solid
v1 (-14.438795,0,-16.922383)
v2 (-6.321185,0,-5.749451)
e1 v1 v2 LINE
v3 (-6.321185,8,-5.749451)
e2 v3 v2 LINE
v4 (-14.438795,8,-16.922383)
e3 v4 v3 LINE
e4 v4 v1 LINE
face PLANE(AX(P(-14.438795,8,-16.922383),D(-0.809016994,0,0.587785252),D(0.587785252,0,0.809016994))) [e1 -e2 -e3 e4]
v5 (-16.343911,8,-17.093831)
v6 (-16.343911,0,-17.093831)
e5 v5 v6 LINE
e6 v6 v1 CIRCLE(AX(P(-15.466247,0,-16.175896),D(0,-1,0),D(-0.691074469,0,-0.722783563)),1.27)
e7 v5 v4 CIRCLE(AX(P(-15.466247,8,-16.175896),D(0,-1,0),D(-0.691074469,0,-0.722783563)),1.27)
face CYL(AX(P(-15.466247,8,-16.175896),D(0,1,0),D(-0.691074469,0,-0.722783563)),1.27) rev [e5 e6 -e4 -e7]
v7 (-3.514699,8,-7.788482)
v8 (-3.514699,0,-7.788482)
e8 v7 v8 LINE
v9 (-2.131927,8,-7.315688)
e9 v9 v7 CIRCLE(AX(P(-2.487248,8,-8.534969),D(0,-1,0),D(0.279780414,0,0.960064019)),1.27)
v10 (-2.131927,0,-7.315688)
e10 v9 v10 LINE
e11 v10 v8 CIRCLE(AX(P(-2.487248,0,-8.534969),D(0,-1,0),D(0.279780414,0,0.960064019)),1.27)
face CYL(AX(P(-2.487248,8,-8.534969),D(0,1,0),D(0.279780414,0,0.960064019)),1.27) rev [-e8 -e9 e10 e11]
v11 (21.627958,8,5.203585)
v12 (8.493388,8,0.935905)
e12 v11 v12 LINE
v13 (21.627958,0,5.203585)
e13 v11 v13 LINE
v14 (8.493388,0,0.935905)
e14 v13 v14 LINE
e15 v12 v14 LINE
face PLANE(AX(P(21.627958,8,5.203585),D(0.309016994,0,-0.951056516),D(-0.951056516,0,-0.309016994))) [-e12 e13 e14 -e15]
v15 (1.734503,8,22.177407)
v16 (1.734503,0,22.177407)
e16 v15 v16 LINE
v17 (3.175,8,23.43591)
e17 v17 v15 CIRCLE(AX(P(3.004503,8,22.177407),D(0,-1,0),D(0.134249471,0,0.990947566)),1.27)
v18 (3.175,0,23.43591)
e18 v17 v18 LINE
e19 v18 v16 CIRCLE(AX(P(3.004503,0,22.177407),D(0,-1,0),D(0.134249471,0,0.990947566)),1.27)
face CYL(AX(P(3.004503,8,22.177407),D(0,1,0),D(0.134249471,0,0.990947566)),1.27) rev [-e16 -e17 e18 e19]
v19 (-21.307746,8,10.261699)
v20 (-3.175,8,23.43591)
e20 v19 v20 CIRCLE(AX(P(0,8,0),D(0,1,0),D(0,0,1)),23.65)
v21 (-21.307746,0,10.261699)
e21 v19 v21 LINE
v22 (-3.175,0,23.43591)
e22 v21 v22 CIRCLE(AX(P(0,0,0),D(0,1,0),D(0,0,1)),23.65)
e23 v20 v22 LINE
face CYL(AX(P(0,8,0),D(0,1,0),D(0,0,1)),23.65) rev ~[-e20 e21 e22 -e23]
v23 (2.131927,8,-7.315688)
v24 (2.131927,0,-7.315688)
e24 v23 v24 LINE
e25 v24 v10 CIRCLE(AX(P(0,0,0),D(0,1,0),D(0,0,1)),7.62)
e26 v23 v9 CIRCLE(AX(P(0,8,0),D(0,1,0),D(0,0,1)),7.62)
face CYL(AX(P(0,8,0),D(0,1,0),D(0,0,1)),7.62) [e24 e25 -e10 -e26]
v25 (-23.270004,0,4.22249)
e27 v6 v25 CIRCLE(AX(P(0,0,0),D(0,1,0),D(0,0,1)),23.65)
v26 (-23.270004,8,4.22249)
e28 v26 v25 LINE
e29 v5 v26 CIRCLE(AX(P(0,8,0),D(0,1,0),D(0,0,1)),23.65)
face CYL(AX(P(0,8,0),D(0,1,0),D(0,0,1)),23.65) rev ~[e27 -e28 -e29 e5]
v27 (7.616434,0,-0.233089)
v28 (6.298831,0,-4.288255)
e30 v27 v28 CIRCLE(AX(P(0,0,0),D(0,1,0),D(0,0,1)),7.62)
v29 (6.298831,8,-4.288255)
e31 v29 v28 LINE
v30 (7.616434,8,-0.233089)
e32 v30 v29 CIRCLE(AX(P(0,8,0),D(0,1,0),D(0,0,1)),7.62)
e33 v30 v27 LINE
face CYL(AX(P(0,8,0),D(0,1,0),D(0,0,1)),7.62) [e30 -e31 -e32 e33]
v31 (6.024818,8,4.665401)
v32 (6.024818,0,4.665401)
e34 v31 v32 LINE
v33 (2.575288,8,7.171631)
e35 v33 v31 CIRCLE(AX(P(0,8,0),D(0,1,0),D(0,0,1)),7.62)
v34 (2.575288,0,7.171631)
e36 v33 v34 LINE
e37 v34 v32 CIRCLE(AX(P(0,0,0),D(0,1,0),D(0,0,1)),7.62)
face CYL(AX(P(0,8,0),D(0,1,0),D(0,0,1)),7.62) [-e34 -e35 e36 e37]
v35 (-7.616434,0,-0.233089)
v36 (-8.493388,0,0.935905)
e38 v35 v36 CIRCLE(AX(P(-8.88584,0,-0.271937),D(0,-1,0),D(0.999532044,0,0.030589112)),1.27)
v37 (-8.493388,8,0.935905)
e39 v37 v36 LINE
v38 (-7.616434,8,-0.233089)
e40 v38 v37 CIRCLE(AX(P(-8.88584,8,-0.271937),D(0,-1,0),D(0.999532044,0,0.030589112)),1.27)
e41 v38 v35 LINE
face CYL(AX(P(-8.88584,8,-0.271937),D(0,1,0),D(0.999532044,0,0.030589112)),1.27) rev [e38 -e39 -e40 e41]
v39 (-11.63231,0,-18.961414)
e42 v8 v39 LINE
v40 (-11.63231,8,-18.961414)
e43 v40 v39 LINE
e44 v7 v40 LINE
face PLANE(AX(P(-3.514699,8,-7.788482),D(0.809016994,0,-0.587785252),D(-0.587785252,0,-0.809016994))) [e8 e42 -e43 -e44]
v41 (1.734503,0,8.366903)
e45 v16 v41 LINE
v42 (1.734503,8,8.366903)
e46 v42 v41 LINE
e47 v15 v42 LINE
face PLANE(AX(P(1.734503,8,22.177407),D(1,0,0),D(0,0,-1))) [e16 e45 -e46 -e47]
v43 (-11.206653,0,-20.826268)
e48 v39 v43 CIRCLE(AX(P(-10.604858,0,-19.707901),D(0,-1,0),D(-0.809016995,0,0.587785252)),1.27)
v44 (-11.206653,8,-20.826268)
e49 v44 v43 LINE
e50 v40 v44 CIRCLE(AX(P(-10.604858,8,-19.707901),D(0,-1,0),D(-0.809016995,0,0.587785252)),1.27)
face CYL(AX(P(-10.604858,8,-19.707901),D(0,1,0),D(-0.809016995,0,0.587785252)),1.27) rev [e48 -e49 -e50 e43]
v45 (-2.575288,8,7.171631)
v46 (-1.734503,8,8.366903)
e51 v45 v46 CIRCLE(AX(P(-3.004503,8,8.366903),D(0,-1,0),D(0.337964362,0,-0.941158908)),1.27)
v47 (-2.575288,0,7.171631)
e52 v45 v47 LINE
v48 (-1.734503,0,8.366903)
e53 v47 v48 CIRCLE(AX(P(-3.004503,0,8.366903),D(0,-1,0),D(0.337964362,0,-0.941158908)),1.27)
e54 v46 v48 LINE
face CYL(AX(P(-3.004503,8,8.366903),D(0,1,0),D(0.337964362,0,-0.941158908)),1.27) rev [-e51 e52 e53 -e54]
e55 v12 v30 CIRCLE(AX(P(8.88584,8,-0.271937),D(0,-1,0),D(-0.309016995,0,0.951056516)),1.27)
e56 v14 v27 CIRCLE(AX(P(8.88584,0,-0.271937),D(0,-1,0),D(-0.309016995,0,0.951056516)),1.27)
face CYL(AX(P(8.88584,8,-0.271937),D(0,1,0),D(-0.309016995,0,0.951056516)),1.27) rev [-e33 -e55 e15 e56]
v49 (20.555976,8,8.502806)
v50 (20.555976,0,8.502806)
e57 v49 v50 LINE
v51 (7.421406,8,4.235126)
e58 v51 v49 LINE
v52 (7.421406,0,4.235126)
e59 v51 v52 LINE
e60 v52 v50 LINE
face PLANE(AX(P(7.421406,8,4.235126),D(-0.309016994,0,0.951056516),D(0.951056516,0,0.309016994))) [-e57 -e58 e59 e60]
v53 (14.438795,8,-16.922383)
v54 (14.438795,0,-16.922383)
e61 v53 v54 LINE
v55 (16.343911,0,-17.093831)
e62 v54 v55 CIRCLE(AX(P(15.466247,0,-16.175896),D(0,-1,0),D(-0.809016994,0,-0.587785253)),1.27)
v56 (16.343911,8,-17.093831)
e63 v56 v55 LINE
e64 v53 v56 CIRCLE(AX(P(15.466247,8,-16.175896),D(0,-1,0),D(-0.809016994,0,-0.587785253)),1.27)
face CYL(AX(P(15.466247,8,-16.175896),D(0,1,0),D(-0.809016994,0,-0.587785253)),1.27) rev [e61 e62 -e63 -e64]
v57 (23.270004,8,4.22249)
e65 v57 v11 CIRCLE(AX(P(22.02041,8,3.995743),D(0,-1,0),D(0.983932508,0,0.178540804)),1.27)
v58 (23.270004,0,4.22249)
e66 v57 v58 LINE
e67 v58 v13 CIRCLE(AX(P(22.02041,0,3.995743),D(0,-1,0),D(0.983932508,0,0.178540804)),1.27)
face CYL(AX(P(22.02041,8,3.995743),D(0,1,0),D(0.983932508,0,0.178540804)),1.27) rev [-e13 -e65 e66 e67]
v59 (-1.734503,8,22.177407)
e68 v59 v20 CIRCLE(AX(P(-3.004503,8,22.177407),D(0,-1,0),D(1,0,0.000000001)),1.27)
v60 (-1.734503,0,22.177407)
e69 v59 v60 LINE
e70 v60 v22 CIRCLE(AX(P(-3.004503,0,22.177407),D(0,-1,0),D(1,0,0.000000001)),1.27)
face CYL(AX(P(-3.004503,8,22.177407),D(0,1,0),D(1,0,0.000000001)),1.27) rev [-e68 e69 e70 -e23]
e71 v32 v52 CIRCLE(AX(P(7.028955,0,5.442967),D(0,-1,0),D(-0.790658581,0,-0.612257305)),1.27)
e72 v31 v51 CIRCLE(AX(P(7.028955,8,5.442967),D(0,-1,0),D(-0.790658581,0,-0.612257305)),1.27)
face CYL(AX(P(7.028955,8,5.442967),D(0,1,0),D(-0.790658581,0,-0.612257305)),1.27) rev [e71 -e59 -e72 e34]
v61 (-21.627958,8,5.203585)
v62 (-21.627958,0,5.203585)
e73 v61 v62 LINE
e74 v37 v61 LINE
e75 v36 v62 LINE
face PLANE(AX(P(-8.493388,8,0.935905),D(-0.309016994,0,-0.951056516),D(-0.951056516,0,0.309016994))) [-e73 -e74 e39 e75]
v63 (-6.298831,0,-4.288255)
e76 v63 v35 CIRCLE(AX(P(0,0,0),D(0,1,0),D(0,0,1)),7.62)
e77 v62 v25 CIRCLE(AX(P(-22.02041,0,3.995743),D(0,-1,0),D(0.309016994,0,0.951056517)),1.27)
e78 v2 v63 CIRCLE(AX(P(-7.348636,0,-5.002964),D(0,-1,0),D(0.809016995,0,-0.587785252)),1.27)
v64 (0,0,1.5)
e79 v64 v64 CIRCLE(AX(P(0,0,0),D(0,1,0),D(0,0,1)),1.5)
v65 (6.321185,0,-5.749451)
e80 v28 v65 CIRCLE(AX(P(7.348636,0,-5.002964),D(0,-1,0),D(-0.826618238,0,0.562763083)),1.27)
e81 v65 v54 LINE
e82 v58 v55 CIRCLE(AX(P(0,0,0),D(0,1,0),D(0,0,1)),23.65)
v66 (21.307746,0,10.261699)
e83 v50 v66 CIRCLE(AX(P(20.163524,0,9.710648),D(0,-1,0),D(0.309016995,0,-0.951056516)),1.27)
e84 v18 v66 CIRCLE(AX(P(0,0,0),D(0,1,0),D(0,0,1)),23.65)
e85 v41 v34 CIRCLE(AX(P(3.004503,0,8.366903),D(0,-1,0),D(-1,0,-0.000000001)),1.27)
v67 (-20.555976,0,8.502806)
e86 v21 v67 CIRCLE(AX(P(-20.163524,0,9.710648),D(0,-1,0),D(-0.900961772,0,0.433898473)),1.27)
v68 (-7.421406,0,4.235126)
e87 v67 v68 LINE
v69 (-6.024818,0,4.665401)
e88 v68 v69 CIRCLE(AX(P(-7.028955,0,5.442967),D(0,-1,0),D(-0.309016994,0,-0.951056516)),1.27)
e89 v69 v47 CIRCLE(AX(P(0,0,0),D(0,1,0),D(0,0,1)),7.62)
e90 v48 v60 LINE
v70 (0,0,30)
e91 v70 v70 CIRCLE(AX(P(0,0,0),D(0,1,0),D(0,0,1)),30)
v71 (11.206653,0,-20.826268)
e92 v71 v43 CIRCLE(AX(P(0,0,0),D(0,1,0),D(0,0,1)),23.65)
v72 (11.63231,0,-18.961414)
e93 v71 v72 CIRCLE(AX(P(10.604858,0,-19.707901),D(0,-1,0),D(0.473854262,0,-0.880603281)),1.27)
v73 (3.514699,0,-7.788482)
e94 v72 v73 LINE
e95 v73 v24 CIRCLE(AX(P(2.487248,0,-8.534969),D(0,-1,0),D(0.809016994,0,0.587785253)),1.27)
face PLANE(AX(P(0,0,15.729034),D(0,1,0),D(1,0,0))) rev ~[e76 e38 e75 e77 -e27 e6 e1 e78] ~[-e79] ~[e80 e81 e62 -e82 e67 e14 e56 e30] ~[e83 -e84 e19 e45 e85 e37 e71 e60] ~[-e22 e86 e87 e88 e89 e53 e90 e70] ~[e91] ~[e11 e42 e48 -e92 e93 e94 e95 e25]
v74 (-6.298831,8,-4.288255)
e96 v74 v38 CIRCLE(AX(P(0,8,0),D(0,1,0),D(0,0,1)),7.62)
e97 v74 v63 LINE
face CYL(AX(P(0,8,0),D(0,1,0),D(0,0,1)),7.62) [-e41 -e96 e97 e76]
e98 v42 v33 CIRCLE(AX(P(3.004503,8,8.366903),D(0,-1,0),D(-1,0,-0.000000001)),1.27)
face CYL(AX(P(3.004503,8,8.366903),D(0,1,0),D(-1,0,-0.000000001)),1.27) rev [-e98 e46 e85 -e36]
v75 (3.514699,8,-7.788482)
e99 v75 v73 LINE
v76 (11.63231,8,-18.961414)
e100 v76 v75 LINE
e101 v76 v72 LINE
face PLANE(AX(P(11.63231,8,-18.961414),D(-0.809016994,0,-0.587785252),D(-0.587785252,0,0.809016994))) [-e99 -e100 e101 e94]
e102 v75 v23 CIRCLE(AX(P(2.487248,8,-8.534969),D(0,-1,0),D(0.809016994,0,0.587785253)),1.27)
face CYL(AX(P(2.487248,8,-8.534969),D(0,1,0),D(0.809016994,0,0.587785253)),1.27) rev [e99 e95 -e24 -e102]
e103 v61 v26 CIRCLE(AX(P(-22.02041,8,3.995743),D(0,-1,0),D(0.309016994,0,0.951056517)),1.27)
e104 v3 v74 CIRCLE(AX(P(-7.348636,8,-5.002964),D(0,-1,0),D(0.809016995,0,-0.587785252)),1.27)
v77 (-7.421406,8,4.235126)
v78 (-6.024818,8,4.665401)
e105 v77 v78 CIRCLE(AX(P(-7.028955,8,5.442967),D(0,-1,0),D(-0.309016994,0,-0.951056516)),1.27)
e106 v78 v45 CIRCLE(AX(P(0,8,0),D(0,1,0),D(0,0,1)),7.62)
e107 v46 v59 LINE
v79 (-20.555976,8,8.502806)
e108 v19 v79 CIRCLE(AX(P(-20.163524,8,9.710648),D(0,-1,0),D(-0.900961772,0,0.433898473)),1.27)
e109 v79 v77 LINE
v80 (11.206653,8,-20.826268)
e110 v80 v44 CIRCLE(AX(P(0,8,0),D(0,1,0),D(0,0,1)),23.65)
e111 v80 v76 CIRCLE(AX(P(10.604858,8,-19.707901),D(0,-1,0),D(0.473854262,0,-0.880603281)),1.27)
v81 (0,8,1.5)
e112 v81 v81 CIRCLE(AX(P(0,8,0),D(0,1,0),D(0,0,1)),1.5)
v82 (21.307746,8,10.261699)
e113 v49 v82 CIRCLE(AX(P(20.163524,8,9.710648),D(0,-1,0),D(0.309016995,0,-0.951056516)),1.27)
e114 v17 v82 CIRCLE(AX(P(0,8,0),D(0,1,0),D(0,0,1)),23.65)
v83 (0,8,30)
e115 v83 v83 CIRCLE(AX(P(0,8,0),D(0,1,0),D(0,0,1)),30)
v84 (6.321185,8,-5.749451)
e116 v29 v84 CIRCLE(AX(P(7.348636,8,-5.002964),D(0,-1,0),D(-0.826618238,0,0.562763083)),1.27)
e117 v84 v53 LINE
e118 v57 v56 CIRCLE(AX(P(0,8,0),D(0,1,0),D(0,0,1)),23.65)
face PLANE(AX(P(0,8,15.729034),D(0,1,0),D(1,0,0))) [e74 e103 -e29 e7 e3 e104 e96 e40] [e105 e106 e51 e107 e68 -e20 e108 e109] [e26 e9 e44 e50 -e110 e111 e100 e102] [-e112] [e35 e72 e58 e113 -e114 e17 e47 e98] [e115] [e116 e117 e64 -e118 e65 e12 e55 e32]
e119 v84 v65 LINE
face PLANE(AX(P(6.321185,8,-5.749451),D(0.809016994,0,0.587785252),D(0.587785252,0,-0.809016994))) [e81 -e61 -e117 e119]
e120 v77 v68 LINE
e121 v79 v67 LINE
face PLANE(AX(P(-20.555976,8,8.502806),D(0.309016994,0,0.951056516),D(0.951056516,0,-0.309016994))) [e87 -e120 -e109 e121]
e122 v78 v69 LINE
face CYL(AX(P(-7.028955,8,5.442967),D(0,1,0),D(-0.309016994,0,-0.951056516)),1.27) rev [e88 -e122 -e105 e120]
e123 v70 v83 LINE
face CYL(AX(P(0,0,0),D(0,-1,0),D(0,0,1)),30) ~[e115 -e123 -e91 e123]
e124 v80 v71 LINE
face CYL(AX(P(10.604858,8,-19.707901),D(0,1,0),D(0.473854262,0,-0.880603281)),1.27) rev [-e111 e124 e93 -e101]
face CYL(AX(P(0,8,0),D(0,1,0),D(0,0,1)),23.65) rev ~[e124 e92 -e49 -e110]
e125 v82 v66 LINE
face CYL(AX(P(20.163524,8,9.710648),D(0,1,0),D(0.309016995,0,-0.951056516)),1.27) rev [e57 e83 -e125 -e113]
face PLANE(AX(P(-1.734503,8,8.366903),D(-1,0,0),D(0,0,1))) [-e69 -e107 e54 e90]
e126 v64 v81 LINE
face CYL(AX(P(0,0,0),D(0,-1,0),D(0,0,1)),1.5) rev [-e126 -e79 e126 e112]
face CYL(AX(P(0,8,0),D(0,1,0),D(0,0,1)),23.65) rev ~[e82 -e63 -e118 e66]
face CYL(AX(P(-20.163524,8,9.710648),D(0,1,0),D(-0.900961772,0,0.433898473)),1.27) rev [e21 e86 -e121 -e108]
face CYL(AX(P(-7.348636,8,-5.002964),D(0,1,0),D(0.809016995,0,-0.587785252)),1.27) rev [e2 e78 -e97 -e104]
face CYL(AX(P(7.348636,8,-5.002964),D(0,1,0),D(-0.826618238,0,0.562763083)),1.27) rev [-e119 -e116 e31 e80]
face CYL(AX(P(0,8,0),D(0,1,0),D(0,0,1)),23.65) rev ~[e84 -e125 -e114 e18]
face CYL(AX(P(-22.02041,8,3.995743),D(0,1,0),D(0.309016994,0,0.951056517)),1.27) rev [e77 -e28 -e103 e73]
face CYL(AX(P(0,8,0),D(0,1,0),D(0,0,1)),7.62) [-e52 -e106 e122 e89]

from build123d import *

# Parameters (mm, degrees)
SKETCH1_R           = 30
SKETCH1_R_2         = 1.5
BOSS_EXTRUDE1_DEPTH = 8
SKETCH2_R           = 23.65
SKETCH2_R_2         = 7.62
CUT_EXTRUDE1_DEPTH  = 8
BOSS_EXTRUDE2_DEPTH = 8
CIRPATTERN1_COUNT   = 5


with BuildPart() as part:
    # Sketch1 → Boss-Extrude1 (new body)
    with BuildSketch(Plane(origin=(0, 0, 0), x_dir=(1, 0, 0), z_dir=(0, 1, 0))):
        with Locations(Location((0, 0, 0), (0, 0, 270))):
            Circle(SKETCH1_R)
        with Locations(Location((0, 0, 0), (0, 0, 270))):
            Circle(SKETCH1_R_2, mode=Mode.SUBTRACT)
    extrude(amount=BOSS_EXTRUDE1_DEPTH)

    # Sketch2 → Cut-Extrude1 (cut)
    with BuildSketch(Plane(origin=(0, 8, 0), x_dir=(1, 0, 0), z_dir=(0, 1, 0))):
        with Locations(Location((0, 0, 0), (0, 0, 270))):
            Circle(SKETCH2_R)
        with Locations(Location((0, 0, 0), (0, 0, 270))):
            Circle(SKETCH2_R_2, mode=Mode.SUBTRACT)
    extrude(amount=-CUT_EXTRUDE1_DEPTH, mode=Mode.SUBTRACT)


with BuildPart() as cut_extrude1_piece_1:
    # of the separate pieces the step leaves, piece 1, a body of its own (cut_extrude1_pieces)
    add(part.part.solids().sort_by_distance((0, 0, 30))[0])



with BuildPart() as cut_extrude1_piece_2:
    # of the separate pieces the step leaves, piece 2, a body of its own (cut_extrude1_pieces)
    add(part.part.solids().sort_by_distance((0, 0, 7.62))[0])


with BuildPart() as cut_extrude1_piece_1_1:
    add(cut_extrude1_piece_1.part)

    add(cut_extrude1_piece_2.part)  # Boss-Extrude2 merges Cut-Extrude1 piece 2
    # Sketch3 → Boss-Extrude2 (add)
    with BuildSketch(Plane(origin=(0, 8, 0), x_dir=(1, 0, 0), z_dir=(0, 1, 0))):
        with BuildLine():
            Line((-1.734503171, -8.366902694), (-1.734503171, -22.177406537))
            ThreePointArc((-1.734503171, -22.177406537), (-2.16892881, -23.133814131), (-3.175, -23.435909946))
            ThreePointArc((-3.175, -23.435909946), (0, -23.65), (3.175, -23.435909946))
            ThreePointArc((3.175, -23.435909946), (2.16892881, -23.133814131), (1.734503171, -22.177406537))
            Line((1.734503171, -22.177406537), (1.734503171, -8.366902694))
            ThreePointArc((1.734503171, -8.366902694), (1.965753269, -7.636219014), (2.575288432, -7.171630881))
            ThreePointArc((2.575288432, -7.171630881), (0, -7.62), (-2.575288432, -7.171630881))
            ThreePointArc((-2.575288432, -7.171630881), (-1.965753269, -7.636219014), (-1.734503171, -8.366902694))
        make_face()
    boss_extrude2 = extrude(amount=-BOSS_EXTRUDE2_DEPTH)

    # CirPattern1: Boss-Extrude2 ×5 about axis
    cirpattern1_axis = Axis((0, 0, 0), (0, 1, 0))
    for i in range(1, CIRPATTERN1_COUNT):
        add(boss_extrude2.rotate(cirpattern1_axis, i * 360 / CIRPATTERN1_COUNT))


solid = cut_extrude1_piece_1_1.part
